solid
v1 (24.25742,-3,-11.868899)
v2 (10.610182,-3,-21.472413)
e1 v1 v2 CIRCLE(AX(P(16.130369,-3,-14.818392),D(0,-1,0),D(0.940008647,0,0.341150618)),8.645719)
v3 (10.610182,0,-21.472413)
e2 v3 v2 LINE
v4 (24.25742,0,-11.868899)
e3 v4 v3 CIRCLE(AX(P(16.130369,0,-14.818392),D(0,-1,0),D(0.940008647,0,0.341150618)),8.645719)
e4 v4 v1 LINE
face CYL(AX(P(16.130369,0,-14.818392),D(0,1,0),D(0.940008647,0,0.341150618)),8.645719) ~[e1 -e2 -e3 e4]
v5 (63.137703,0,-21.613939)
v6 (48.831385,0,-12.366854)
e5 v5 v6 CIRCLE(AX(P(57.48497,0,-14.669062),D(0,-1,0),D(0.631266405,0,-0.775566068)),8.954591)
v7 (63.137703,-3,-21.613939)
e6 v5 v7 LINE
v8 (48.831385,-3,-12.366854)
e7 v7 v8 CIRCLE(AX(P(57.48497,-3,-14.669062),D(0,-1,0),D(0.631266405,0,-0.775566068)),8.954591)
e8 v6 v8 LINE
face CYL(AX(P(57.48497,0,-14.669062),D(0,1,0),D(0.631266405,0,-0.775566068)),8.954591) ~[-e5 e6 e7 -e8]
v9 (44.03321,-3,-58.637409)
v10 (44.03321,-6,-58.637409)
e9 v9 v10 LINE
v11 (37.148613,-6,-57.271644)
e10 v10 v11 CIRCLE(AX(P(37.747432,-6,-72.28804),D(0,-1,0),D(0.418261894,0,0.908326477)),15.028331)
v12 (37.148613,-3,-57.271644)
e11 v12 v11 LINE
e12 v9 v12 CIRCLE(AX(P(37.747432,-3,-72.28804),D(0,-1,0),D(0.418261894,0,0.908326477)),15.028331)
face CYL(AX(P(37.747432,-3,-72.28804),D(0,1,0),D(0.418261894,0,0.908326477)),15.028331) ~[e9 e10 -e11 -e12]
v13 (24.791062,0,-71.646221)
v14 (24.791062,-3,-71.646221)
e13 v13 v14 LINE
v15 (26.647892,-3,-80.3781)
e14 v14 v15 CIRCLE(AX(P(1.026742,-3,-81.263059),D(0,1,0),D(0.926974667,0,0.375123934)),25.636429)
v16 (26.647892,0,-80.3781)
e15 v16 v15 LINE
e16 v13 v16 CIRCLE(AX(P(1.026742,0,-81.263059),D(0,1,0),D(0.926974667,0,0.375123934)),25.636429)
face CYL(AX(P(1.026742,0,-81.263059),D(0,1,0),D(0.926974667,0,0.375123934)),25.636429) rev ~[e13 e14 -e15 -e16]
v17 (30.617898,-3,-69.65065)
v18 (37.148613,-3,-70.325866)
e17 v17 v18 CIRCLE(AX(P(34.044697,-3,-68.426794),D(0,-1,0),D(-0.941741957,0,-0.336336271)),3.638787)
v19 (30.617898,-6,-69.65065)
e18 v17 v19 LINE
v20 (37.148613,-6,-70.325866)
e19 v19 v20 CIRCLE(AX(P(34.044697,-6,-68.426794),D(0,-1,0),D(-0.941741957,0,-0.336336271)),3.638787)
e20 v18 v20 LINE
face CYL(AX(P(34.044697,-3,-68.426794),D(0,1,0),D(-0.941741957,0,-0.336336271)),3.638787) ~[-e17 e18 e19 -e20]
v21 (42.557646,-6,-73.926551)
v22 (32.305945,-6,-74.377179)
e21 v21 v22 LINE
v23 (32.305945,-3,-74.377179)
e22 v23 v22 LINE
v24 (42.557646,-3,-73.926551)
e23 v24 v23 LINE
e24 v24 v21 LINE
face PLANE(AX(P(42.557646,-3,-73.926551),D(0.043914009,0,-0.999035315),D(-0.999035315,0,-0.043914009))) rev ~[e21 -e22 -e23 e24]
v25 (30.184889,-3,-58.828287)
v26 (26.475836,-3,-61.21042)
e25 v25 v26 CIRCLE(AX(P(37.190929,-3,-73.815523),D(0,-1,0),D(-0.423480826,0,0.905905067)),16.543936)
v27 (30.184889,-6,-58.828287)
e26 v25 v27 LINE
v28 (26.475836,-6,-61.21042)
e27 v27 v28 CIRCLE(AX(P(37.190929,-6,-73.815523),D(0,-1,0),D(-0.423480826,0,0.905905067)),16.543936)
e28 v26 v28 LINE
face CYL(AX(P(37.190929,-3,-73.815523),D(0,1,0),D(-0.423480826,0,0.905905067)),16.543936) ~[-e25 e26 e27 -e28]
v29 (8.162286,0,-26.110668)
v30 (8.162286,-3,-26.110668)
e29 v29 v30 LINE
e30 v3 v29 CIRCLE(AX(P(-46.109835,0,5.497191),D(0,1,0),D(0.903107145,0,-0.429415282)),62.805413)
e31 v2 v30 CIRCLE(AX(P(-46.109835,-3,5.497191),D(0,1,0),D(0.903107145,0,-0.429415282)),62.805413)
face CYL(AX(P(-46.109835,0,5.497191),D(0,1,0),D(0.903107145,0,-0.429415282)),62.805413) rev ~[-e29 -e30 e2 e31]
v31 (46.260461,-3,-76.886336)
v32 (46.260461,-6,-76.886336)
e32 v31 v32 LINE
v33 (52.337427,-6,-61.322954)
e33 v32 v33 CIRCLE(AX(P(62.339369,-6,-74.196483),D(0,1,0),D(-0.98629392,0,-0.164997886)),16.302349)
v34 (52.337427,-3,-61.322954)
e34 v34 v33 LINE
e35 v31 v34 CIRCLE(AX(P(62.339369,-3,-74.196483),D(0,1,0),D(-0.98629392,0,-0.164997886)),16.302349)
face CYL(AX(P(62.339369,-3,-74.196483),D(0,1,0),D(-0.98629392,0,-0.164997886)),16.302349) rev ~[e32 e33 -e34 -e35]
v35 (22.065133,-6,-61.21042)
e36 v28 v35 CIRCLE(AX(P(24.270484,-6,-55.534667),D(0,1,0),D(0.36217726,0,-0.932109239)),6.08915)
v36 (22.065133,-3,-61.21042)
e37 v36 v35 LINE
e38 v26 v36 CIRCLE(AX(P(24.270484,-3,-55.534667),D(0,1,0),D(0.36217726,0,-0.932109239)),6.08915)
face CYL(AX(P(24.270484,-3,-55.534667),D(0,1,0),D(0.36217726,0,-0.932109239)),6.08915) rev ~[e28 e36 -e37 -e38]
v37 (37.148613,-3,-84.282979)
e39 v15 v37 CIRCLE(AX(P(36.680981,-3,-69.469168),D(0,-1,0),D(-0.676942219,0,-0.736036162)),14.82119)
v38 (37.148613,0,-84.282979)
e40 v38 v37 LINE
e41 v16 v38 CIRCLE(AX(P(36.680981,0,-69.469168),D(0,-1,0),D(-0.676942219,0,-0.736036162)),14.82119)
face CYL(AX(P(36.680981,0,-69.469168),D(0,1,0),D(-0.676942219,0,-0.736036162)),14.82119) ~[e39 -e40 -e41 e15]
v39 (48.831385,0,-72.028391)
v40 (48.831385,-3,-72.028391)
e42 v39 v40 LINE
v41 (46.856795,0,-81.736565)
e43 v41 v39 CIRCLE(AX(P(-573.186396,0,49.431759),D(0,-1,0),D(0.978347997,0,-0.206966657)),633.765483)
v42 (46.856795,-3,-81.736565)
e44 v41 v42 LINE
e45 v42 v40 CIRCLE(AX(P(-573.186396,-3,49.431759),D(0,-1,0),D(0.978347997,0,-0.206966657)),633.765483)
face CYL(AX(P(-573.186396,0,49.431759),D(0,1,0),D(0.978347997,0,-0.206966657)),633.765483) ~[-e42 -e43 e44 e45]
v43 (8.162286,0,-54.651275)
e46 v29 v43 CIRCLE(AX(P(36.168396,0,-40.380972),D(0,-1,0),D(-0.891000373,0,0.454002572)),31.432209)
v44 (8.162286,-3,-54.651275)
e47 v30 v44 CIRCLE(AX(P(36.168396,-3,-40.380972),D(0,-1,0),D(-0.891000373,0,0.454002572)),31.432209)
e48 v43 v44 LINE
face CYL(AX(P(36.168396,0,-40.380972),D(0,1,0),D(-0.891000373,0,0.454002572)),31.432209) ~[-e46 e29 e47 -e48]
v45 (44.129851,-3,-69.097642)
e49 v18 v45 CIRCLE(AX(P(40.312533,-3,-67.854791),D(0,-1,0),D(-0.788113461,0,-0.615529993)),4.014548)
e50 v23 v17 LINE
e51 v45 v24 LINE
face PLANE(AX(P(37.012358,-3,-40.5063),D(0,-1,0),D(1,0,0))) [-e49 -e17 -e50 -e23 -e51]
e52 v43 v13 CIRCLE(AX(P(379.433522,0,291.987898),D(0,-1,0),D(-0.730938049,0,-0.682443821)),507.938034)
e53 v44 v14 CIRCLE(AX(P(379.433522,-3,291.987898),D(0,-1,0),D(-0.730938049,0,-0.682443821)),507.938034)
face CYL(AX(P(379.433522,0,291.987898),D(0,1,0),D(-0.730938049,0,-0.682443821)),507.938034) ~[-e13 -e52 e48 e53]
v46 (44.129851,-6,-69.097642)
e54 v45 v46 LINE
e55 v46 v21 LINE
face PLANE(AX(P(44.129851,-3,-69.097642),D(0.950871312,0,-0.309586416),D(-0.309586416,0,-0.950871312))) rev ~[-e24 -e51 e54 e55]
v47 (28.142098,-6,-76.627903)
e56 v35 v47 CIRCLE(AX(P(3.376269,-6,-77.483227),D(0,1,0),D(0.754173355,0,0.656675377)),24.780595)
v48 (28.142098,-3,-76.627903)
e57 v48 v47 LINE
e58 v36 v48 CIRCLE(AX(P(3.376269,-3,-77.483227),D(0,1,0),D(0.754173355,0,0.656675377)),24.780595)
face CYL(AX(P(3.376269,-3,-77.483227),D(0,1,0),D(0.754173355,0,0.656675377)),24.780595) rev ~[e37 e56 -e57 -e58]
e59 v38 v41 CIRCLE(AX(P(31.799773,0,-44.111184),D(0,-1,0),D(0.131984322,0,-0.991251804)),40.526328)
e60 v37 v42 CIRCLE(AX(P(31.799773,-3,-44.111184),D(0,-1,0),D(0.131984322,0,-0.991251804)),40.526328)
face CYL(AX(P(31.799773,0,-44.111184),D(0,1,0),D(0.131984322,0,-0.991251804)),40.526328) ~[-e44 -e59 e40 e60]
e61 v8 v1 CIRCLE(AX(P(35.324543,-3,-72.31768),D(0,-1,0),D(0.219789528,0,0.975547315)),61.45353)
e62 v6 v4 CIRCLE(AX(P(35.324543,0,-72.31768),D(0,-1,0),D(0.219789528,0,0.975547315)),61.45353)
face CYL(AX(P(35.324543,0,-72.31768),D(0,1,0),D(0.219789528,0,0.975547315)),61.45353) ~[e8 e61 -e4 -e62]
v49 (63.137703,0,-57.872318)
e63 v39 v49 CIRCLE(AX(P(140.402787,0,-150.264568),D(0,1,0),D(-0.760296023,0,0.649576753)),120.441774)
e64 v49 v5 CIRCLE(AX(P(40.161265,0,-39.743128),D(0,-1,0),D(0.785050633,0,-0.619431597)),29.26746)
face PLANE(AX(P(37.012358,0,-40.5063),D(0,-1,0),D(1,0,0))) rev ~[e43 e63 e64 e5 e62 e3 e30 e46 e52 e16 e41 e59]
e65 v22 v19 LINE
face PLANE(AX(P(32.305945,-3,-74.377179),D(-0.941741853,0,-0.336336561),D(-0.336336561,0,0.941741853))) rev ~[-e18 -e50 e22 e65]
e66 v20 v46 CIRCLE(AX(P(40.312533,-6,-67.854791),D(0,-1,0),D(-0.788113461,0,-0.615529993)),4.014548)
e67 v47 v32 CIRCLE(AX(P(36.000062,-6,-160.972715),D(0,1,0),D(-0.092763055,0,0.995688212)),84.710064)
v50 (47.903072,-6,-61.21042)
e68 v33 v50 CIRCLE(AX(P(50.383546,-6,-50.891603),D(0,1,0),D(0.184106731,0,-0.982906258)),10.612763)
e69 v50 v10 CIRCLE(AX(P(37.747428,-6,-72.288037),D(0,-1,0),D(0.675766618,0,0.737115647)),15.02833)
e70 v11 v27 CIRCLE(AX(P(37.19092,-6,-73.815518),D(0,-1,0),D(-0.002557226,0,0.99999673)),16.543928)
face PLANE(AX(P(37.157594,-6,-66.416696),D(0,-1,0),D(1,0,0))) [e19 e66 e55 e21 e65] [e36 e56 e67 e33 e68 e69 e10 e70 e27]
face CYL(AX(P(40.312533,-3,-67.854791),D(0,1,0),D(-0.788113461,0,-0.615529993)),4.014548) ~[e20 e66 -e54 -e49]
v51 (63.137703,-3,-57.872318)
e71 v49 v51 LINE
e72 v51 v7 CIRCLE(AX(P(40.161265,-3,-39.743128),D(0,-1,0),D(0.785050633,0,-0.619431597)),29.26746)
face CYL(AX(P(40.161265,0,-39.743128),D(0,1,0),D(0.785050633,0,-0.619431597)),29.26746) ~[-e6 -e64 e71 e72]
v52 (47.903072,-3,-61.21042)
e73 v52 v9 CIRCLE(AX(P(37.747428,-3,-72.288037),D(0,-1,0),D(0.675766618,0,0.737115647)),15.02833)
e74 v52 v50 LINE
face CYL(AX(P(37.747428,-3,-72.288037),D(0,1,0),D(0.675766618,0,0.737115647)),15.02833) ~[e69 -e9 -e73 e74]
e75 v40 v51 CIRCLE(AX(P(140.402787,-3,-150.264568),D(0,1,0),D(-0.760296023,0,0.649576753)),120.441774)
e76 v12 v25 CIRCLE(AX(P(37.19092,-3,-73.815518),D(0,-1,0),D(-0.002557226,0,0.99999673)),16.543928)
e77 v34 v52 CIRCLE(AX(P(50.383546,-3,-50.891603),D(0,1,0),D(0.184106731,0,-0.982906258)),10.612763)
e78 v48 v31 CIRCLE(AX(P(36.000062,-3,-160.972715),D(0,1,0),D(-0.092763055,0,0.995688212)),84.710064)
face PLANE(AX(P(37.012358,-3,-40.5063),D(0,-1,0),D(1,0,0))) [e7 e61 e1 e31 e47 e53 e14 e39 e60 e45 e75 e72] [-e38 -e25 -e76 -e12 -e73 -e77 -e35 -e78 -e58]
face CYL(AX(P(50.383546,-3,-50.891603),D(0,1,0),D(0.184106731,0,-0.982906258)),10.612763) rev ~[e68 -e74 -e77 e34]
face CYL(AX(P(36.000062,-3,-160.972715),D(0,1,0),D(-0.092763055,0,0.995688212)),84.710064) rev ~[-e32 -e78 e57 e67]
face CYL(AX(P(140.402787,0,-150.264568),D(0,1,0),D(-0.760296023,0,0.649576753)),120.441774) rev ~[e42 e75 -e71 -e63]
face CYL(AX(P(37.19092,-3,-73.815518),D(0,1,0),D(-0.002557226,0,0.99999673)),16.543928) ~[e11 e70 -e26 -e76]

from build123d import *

# Parameters (mm, degrees)
F1_DEPTH = 3
F3_DEPTH = 3
F4_DEPTH = 3


with BuildPart() as f1:
    # F0 (on Front) → F1 (new body)
    with BuildSketch(Plane.XZ):
        with BuildLine():
            ThreePointArc((10.610182, -21.472413), (9.43467, -23.817103), (8.162286, -26.110668))
            ThreePointArc((8.162286, -26.110668), (4.736187, -40.380972), (8.162286, -54.651275))
            ThreePointArc((8.162286, -54.651275), (16.377217, -63.246062), (24.791062, -71.646221))
            ThreePointArc((24.791062, -71.646221), (26.102479, -75.930715), (26.647892, -80.3781))
            ThreePointArc((26.647892, -80.3781), (31.515082, -83.360934), (37.148613, -84.282979))
            ThreePointArc((37.148613, -84.282979), (42.081838, -83.311469), (46.856795, -81.736565))
            ThreePointArc((46.856795, -81.736565), (47.86306, -76.886336), (48.831385, -72.028391))
            ThreePointArc((48.831385, -72.028391), (55.688335, -64.651002), (63.137703, -57.872318))
            ThreePointArc((63.137703, -57.872318), (69.428725, -39.743128), (63.137703, -21.613939))
            ThreePointArc((63.137703, -21.613939), (62.345878, -7.148671), (48.831385, -12.366854))
            ThreePointArc((48.831385, -12.366854), (36.569551, -10.876763), (24.25742, -11.868899))
            ThreePointArc((24.25742, -11.868899), (11.154848, -7.747843), (10.610182, -21.472413))
        make_face()
    extrude(amount=F1_DEPTH)

    # F2 (on face) → F3 (join)
    with BuildSketch(Plane.XZ.offset(3)):
        with BuildLine():
            ThreePointArc((22.065133, -61.21042), (26.430602, -68.396115), (28.142098, -76.627903))
            ThreePointArc((28.142098, -76.627903), (37.20821, -76.271267), (46.260461, -76.886336))
            ThreePointArc((46.260461, -76.886336), (47.153606, -68.266964), (52.337427, -61.322954))
            ThreePointArc((52.337427, -61.322954), (50.114304, -61.50095), (47.903072, -61.21042))
            ThreePointArc((47.903072, -61.21042), (46.555062, -64.457231), (43.912064, -66.775307))
            ThreePointArc((43.912064, -66.775307), (44.722613, -62.717523), (44.03321, -58.637409))
            ThreePointArc((44.03321, -58.637409), (40.671762, -57.546974), (37.148613, -57.271644))
            ThreePointArc((37.148613, -57.271644), (33.581827, -57.670054), (30.184889, -58.828287))
            ThreePointArc((30.184889, -58.828287), (29.6759, -62.863739), (30.266298, -66.888086))
            ThreePointArc((30.266298, -66.888086), (27.649068, -64.531266), (26.475836, -61.21042))
            ThreePointArc((26.475836, -61.21042), (24.270484, -61.623817), (22.065133, -61.21042))
        make_face()
        with BuildLine():
            Line((32.305945, -74.377179), (30.617898, -69.65065))
            ThreePointArc((30.617898, -69.65065), (33.670475, -72.046287), (37.148613, -70.325866))
            ThreePointArc((37.148613, -70.325866), (41.008138, -71.808616), (44.129851, -69.097642))
            Line((44.129851, -69.097642), (42.557646, -73.926551))
            Line((42.557646, -73.926551), (32.305945, -74.377179))
        make_face(mode=Mode.SUBTRACT)
        with BuildLine():
            ThreePointArc((30.184889, -58.828287), (28.250667, -59.895266), (26.475836, -61.21042))
            ThreePointArc((26.475836, -61.21042), (27.649068, -64.531266), (30.266298, -66.888086))
            ThreePointArc((30.266298, -66.888086), (29.6759, -62.863739), (30.184889, -58.828287))
        make_face()
        with BuildLine():
            ThreePointArc((43.912064, -66.775307), (46.555062, -64.457231), (47.903072, -61.21042))
            ThreePointArc((47.903072, -61.21042), (46.068198, -59.773426), (44.03321, -58.637409))
            ThreePointArc((44.03321, -58.637409), (44.722613, -62.717523), (43.912064, -66.775307))
        make_face()
    extrude(amount=F3_DEPTH)

    # F2 (on face) → F4 (join)
    with BuildSketch(Plane.XZ.offset(3)):
        with BuildLine():
            ThreePointArc((22.065133, -61.21042), (26.430602, -68.396115), (28.142098, -76.627903))
            ThreePointArc((28.142098, -76.627903), (37.20821, -76.271267), (46.260461, -76.886336))
            ThreePointArc((46.260461, -76.886336), (47.153606, -68.266964), (52.337427, -61.322954))
            ThreePointArc((52.337427, -61.322954), (50.114304, -61.50095), (47.903072, -61.21042))
            ThreePointArc((47.903072, -61.21042), (46.555062, -64.457231), (43.912064, -66.775307))
            ThreePointArc((43.912064, -66.775307), (44.722613, -62.717523), (44.03321, -58.637409))
            ThreePointArc((44.03321, -58.637409), (40.671762, -57.546974), (37.148613, -57.271644))
            ThreePointArc((37.148613, -57.271644), (33.581827, -57.670054), (30.184889, -58.828287))
            ThreePointArc((30.184889, -58.828287), (29.6759, -62.863739), (30.266298, -66.888086))
            ThreePointArc((30.266298, -66.888086), (27.649068, -64.531266), (26.475836, -61.21042))
            ThreePointArc((26.475836, -61.21042), (24.270484, -61.623817), (22.065133, -61.21042))
        make_face()
        with BuildLine():
            Line((32.305945, -74.377179), (30.617898, -69.65065))
            ThreePointArc((30.617898, -69.65065), (33.670475, -72.046287), (37.148613, -70.325866))
            ThreePointArc((37.148613, -70.325866), (41.008138, -71.808616), (44.129851, -69.097642))
            Line((44.129851, -69.097642), (42.557646, -73.926551))
            Line((42.557646, -73.926551), (32.305945, -74.377179))
        make_face(mode=Mode.SUBTRACT)
        with BuildLine():
            ThreePointArc((30.184889, -58.828287), (28.250667, -59.895266), (26.475836, -61.21042))
            ThreePointArc((26.475836, -61.21042), (27.649068, -64.531266), (30.266298, -66.888086))
            ThreePointArc((30.266298, -66.888086), (29.6759, -62.863739), (30.184889, -58.828287))
        make_face()
        with BuildLine():
            ThreePointArc((43.912064, -66.775307), (46.555062, -64.457231), (47.903072, -61.21042))
            ThreePointArc((47.903072, -61.21042), (46.068198, -59.773426), (44.03321, -58.637409))
            ThreePointArc((44.03321, -58.637409), (44.722613, -62.717523), (43.912064, -66.775307))
        make_face()
    extrude(amount=F4_DEPTH)


solid = f1.part
